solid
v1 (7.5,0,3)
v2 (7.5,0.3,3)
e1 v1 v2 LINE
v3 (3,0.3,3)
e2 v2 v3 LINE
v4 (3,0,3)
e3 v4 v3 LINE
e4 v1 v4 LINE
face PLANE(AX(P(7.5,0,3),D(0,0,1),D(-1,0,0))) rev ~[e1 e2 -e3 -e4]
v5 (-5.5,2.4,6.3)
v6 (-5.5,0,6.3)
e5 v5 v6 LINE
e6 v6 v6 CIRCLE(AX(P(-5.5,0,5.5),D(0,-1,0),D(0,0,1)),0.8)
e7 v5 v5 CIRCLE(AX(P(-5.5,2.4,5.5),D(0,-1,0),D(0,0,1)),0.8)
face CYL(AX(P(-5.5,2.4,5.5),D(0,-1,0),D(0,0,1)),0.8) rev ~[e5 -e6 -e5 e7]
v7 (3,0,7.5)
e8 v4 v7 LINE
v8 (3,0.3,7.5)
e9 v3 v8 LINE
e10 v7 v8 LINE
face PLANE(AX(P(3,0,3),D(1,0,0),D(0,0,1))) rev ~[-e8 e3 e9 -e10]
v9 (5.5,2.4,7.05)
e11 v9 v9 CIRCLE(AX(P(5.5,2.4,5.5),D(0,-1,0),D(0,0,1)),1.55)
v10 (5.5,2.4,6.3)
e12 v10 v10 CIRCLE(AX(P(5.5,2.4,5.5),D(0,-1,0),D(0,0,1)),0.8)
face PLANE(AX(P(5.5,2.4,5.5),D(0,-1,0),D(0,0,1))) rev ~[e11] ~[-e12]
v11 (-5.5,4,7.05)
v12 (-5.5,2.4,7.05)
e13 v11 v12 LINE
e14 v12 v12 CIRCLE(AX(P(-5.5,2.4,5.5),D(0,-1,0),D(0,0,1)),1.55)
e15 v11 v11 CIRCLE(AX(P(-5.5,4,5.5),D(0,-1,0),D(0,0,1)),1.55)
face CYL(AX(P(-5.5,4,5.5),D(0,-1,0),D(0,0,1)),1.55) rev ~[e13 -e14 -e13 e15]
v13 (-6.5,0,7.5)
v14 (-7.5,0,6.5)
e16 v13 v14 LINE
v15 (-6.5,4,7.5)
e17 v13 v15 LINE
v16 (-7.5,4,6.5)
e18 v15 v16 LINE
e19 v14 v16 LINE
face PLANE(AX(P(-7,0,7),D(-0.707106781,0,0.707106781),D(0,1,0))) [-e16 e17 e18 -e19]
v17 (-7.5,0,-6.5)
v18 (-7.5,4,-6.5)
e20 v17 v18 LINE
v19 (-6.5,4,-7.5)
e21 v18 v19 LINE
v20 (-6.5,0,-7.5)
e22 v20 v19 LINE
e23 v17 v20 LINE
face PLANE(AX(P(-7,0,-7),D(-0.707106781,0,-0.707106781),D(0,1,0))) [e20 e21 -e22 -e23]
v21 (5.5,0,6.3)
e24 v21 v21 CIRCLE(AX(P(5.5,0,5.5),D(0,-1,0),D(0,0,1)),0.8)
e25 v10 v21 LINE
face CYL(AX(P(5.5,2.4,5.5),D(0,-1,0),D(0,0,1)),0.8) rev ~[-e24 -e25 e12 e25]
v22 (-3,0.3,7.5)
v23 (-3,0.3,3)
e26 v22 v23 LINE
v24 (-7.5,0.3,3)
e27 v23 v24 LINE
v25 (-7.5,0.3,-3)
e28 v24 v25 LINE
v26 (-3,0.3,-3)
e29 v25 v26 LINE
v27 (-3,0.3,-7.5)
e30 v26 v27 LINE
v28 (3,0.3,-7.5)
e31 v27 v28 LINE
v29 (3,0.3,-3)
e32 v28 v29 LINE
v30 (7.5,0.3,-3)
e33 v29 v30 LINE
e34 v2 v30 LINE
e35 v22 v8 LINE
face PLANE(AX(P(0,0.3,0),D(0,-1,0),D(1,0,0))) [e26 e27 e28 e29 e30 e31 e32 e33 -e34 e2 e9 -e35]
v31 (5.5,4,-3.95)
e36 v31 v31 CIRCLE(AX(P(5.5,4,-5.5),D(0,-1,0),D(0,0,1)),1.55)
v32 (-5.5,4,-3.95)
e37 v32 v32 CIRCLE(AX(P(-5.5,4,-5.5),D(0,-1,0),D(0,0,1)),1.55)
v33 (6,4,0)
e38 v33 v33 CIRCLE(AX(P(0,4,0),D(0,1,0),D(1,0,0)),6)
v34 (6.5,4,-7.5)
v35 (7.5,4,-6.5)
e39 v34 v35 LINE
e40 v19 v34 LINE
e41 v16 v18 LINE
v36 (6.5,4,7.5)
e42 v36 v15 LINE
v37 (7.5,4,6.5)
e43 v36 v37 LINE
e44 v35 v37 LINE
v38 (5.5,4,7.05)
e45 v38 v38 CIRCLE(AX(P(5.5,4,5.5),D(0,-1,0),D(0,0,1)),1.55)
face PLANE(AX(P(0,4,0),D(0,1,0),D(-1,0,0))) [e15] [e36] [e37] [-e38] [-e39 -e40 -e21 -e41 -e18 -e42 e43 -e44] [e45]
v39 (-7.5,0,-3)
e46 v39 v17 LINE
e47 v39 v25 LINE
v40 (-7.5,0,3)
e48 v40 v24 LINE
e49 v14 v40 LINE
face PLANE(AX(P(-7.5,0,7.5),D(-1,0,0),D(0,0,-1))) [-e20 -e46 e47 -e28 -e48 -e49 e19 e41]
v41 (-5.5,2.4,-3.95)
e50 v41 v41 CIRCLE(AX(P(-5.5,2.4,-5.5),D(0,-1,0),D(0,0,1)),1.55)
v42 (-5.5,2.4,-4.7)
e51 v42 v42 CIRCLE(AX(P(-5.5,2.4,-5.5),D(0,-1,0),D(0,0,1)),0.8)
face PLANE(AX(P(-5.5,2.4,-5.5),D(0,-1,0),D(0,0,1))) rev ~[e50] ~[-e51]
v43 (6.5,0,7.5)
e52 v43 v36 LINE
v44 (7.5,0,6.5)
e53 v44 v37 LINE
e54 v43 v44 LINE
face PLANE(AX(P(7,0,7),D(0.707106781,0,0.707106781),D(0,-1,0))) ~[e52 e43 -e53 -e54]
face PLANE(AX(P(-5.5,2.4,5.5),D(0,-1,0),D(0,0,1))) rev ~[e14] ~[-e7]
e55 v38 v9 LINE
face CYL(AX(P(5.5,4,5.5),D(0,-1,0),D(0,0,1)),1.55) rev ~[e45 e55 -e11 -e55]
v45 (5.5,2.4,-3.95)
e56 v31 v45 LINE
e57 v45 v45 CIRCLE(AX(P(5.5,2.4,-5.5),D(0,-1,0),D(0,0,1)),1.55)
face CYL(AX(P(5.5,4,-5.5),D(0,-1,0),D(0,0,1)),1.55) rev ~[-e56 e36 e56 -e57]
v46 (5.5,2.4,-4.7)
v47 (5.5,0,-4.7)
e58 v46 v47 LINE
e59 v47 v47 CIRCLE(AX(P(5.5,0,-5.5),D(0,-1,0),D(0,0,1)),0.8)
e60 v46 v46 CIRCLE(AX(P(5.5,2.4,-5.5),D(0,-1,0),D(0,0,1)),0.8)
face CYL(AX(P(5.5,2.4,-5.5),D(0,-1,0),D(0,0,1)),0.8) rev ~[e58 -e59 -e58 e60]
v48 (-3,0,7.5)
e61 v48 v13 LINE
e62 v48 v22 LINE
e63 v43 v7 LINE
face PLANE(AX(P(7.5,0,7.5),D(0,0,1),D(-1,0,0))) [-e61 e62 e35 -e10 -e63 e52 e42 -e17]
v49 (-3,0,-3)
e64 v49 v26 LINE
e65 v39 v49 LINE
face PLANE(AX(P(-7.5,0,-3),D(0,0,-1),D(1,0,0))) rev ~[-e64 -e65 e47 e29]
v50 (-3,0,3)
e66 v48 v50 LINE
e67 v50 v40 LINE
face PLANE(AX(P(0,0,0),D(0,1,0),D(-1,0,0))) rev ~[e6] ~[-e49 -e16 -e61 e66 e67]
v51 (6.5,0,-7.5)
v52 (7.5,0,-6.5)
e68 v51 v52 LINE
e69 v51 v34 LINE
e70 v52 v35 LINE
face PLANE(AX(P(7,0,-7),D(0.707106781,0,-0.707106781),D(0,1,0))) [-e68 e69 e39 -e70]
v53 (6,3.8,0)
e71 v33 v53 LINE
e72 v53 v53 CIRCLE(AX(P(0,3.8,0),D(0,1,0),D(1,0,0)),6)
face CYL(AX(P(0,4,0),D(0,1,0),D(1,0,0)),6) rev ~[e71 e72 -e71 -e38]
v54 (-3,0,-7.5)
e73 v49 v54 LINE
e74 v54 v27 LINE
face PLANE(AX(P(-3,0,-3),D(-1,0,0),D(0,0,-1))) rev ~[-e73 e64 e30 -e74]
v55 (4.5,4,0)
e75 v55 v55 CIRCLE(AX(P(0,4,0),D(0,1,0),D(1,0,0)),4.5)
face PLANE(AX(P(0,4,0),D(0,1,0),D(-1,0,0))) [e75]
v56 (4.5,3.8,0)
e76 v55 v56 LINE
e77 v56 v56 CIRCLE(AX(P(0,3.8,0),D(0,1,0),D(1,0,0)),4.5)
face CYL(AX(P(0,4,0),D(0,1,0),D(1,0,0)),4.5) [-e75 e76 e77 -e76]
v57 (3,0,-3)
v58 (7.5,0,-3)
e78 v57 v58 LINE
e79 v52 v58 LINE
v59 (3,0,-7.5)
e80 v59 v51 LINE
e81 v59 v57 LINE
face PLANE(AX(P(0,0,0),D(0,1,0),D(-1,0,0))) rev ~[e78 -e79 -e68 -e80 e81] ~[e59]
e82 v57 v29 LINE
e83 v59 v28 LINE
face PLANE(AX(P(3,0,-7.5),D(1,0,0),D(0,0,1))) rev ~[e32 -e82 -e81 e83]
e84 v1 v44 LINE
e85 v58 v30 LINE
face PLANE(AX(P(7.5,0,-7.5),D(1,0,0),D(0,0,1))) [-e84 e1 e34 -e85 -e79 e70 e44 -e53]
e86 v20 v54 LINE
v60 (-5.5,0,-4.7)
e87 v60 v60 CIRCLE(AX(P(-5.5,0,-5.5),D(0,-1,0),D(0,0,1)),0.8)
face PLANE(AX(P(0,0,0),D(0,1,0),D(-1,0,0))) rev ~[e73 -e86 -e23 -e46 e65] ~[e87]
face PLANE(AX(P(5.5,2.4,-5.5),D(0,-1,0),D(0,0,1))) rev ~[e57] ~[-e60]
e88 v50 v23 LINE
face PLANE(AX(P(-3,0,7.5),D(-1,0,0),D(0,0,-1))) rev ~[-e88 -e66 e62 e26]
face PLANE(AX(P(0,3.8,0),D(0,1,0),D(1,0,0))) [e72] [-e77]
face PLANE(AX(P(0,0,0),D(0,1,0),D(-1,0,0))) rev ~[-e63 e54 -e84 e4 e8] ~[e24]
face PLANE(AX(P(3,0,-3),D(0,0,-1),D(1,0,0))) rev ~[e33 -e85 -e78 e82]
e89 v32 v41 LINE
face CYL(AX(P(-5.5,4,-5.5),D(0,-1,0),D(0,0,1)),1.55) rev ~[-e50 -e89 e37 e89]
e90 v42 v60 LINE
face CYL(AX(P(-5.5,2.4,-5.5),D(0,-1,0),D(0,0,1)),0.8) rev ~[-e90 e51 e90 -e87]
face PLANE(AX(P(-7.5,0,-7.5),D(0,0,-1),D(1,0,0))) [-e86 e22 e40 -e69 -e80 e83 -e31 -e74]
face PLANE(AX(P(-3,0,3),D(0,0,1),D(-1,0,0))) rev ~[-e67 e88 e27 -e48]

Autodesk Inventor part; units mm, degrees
ref_plane "YZ Plane" through (0, 0, 0) normal (1, 0, 0) x (0, 1, 0)
ref_plane "XZ Plane" through (0, 0, 0) normal (0, 1, 0) x (-1, 0, 0)
ref_plane "XY Plane" through (0, 0, 0) normal (0, 0, 1) x (1, 0, 0)
sketch "Sketch1" plane through (0, 0, 0) normal (0, 1, 0) x (-1, 0, 0)
  line L0 (-7.5, 7.5) -> (7.5, 7.5)
  line L1 (7.5, 7.5) -> (7.5, -7.5)
  line L2 (7.5, -7.5) -> (-7.5, -7.5)
  line L3 (-7.5, -7.5) -> (-7.5, 7.5)
  line L4 (-7.5, 7.5) -> (7.5, -7.5) construction
  line L5 (7.5, 7.5) -> (-7.5, -7.5) construction
  point P0 (0, 0)
  dimension "d0" = 15
  dimension "d1" = 15
extrude "Extrusion1" add sketch "Sketch1" along normal blind 4
sketch "Sketch2" plane through (0, 4, 0) normal (0, 1, 0) x (1, 0, 0)
  line L0 (5.5, -5.5) -> (-5.5, -5.5) construction
  line L1 (-5.5, -5.5) -> (-5.5, 5.5) construction
  line L2 (-5.5, 5.5) -> (5.5, 5.5) construction
  line L3 (5.5, 5.5) -> (5.5, -5.5) construction
  line L4 (5.5, -5.5) -> (-5.5, 5.5) construction
  line L5 (-5.5, -5.5) -> (5.5, 5.5) construction
  point P0 (0, 0)
  dimension "d4" = 11
  dimension "d5" = 11
chamfer "Chamfer1" distance 1 angle 45 4 edges at (-7.5, 2, 7.5) (7.5, 2, 7.5) (7.5, 2, -7.5) (-7.5, 2, -7.5)
hole "Hole1" at (-5.5, 4, -5.5) at (5.5, 4, -5.5) at (5.5, 4, 5.5) at (-5.5, 4, 5.5) direction (0, -1, 0) diameter 1.6 end through all counterbore diameter 3.1 counterbore depth 1.6 clearance for "Socket Head Cap Screw ISO 4762" size "M1.4" standard "ISO"
sketch "Sketch3" plane through (0, 4, 0) normal (0, 1, 0) x (1, 0, 0)
  circle A0 centre (0, 0) radius 6
  circle A1 centre (0, 0) radius 4.5
  dimension "d16" = 12
  dimension "d17" = 9
extrude "Extrusion2" cut sketch "Sketch3" against normal blind 0.2
sketch "Sketch4" plane through (0, 0, 0) normal (0, -1, 0) x (1, 0, 0)
  line L0 (-6.5, 7.5) -> (6.5, 7.5) projected
  line L1 (-3, -7.5) -> (3, -7.5)
  line L2 (3, -7.5) -> (3, 7.5)
  line L3 (3, 7.5) -> (-3, 7.5)
  line L4 (-3, 7.5) -> (-3, -7.5)
  line L5 (-3, -7.5) -> (3, 7.5) construction
  line L6 (3, -7.5) -> (-3, 7.5) construction
  line L7 (7.5, 6.5) -> (7.5, -6.5) projected
  line L8 (-7.5, -3) -> (7.5, -3)
  line L9 (7.5, -3) -> (7.5, 3)
  line L10 (7.5, 3) -> (-7.5, 3)
  line L11 (-7.5, 3) -> (-7.5, -3)
  line L12 (-7.5, -3) -> (7.5, 3) construction
  line L13 (7.5, -3) -> (-7.5, 3) construction
  point P0 (0, 0)
  point P1 (-3, -3)
  point P2 (3, -3)
  point P3 (3, 3)
  point P4 (-3, 3)
  dimension "d20" = 6
  dimension "d21" = 6
extrude "Extrusion3" cut sketch "Sketch4" against normal blind 0.3
properties part number "D-100.00 Capacitive Sensor" material "Aluminum 6061"
